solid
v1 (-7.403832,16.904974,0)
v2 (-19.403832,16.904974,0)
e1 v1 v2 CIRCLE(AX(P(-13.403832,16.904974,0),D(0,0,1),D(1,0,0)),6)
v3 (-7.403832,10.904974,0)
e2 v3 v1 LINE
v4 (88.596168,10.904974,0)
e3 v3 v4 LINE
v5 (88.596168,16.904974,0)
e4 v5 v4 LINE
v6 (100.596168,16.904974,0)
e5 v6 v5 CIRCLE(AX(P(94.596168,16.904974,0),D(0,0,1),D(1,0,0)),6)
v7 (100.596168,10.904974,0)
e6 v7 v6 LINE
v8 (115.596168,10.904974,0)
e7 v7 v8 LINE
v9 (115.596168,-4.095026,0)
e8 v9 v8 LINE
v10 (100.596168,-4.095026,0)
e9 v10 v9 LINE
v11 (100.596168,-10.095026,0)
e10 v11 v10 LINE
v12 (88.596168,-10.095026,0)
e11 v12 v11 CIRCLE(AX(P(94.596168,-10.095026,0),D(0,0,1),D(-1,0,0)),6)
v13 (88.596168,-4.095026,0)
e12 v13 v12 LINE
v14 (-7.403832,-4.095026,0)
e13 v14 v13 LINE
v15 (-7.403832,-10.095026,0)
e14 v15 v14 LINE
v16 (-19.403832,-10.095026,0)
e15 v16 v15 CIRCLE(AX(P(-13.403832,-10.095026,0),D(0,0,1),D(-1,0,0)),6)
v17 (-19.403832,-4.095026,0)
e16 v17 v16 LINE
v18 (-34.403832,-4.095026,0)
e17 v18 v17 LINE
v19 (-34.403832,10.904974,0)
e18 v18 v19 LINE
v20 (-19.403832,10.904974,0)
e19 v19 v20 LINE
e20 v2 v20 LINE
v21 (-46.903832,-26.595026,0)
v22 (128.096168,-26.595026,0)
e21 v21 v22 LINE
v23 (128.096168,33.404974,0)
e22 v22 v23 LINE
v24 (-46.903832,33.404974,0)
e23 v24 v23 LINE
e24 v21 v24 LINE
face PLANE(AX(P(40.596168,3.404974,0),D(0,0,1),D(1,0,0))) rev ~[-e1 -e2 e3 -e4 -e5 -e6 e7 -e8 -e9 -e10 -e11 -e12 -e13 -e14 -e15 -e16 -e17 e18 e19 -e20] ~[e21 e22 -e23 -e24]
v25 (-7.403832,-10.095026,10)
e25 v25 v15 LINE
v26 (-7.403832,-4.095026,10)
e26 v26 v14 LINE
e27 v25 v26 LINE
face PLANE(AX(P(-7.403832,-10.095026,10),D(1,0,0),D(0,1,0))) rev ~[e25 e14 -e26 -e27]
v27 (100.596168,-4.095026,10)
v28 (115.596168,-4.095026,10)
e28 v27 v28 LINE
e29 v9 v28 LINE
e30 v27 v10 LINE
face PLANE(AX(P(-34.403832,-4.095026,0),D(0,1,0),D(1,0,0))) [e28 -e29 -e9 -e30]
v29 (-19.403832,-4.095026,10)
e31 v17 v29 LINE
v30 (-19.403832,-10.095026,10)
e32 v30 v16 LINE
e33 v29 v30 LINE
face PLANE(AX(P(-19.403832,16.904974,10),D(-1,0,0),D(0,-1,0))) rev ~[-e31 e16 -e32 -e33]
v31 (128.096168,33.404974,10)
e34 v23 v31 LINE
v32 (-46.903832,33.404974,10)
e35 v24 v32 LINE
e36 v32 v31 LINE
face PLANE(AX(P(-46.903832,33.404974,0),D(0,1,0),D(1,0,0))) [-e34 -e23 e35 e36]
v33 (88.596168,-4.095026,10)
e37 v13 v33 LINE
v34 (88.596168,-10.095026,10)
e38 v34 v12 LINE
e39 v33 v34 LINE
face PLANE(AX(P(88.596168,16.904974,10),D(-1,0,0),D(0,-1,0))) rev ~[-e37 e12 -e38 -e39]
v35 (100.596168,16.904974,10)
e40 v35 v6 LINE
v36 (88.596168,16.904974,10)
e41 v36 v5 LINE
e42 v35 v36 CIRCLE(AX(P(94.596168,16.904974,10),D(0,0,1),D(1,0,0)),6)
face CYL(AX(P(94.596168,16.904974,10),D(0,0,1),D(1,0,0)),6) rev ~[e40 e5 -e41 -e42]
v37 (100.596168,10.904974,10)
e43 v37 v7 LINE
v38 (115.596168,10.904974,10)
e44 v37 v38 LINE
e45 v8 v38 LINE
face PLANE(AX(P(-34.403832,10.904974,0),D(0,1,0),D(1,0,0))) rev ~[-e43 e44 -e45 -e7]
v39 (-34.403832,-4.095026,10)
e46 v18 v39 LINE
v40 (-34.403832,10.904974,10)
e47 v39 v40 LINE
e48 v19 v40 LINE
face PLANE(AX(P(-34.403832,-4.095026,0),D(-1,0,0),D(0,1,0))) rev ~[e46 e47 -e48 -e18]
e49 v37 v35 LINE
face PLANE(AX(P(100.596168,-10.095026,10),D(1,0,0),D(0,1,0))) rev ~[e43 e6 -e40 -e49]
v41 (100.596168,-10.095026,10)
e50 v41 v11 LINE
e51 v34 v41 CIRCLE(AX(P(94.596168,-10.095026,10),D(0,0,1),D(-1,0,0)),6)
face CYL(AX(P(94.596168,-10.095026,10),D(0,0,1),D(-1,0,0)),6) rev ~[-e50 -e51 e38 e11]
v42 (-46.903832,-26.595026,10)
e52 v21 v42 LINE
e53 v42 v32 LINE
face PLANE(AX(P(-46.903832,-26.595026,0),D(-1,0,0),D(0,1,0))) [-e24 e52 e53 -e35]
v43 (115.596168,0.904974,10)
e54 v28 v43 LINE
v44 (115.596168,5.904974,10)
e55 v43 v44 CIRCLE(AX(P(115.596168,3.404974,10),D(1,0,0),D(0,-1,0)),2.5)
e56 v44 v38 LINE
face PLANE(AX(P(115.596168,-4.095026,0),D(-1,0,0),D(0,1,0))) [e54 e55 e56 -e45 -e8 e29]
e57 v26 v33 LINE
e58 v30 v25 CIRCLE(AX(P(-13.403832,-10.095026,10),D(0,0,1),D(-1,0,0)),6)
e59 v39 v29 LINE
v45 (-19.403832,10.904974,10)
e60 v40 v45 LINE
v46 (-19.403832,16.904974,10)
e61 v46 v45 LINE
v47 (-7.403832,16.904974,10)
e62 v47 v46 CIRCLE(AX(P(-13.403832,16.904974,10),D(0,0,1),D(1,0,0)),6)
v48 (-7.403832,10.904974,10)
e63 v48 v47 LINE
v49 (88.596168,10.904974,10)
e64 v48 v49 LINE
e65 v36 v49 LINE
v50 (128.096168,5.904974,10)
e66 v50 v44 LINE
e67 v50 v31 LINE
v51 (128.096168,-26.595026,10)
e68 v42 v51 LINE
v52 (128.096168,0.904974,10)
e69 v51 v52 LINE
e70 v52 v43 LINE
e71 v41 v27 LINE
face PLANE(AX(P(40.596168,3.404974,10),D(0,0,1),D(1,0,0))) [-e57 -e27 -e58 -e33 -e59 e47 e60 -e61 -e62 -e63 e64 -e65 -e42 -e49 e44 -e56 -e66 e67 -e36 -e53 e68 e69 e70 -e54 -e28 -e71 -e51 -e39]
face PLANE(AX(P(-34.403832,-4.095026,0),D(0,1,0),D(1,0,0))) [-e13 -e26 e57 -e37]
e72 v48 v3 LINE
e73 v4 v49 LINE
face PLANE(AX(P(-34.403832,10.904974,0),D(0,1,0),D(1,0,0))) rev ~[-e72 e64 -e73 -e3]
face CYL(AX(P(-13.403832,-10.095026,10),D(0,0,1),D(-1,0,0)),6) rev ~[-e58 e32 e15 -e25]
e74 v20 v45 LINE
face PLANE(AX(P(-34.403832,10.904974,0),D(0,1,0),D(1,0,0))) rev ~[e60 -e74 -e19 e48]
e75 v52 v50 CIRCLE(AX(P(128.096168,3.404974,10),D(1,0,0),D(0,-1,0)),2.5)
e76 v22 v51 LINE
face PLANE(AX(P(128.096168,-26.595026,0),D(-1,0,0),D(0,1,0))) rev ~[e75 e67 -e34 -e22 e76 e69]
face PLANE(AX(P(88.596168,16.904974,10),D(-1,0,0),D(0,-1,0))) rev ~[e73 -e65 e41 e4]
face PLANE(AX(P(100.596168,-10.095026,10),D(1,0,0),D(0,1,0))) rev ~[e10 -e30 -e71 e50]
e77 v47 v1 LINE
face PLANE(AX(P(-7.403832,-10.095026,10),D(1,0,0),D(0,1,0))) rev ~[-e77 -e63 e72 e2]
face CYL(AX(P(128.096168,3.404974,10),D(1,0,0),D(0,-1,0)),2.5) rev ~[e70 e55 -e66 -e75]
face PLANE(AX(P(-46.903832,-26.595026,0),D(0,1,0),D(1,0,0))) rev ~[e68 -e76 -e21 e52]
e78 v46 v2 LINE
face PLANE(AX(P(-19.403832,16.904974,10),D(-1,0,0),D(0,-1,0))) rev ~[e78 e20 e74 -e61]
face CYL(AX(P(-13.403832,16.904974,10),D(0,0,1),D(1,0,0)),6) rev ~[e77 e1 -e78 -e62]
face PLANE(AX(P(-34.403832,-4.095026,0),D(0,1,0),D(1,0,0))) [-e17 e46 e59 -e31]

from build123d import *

# Parameters (mm, degrees)
F0_W     = 175
F0_H     = 60
F0_W_2   = 150
F0_H_2   = 15
F1_DEPTH = 10
F3_DEPTH = 25
F5_DEPTH = 25


with BuildPart() as f1:
    # F0 (on Top) → F1 (new body)
    with BuildSketch(Plane.XY):
        with Locations((40.5961677884, 3.4049740061)):
            Rectangle(F0_W, F0_H)
        with Locations((40.5961677884, 3.4049740061)):
            Rectangle(F0_W_2, F0_H_2, mode=Mode.SUBTRACT)
    extrude(amount=F1_DEPTH)

    # F2 (on face) → F3 (cut)
    with BuildSketch(Plane.YZ.offset(128.0961677884)):
        with BuildLine():
            ThreePointArc((0.9049740061, 10), (3.4049740061, 7.5), (5.9049740061, 10))
            Line((5.9049740061, 10), (0.9049740061, 10))
        make_face()
    extrude(amount=-F3_DEPTH, mode=Mode.SUBTRACT)

    # F4 (on face) → F5 (cut)
    with BuildSketch(Plane.XY.offset(10)):
        with BuildLine():
            Line((-7.4038322116, 16.9049740061), (-19.4038322116, 16.9049740061))
            ThreePointArc((-19.4038322116, 16.9049740061), (-17.6464728987, 12.662333319), (-13.4038322116, 10.9049740061))
            ThreePointArc((-13.4038322116, 10.9049740061), (-9.1611915245, 12.662333319), (-7.4038322116, 16.9049740061))
        make_face()
        Polygon((-13.4038322116, 10.9049740061), (-19.4038322116, 10.9049740061), (-19.4038322116, -4.0950259939), (-13.4038321289, -4.0950259939), (-7.4038322116, -4.0950259939), (-7.4038322116, 10.9049740061), align=None)
        with BuildLine():
            ThreePointArc((-7.4038322116, 16.9049740061), (-13.4038322116, 22.9049740061), (-19.4038322116, 16.9049740061))
            Line((-19.4038322116, 16.9049740061), (-7.4038322116, 16.9049740061))
        make_face()
        with BuildLine():
            Line((-7.4038322116, 10.9049740061), (-7.4038322116, 16.9049740061))
            ThreePointArc((-7.4038322116, 16.9049740061), (-9.1611915245, 12.662333319), (-13.4038322116, 10.9049740061))
            Line((-13.4038322116, 10.9049740061), (-7.4038322116, 10.9049740061))
        make_face()
        with BuildLine():
            ThreePointArc((-13.4038322116, 10.9049740061), (-17.6464728987, 12.662333319), (-19.4038322116, 16.9049740061))
            Line((-19.4038322116, 16.9049740061), (-19.4038322116, 10.9049740061))
            Line((-19.4038322116, 10.9049740061), (-13.4038322116, 10.9049740061))
        make_face()
        with BuildLine():
            ThreePointArc((-13.4038321289, -4.0950259939), (-17.6464728695, -5.8523852775), (-19.4038322116, -10.0950259939))
            Line((-19.4038322116, -10.0950259939), (-7.4038322116, -10.0950259939))
            ThreePointArc((-7.4038322116, -10.0950259939), (-9.1611914952, -5.852385336), (-13.4038321289, -4.0950259939))
        make_face()
        with BuildLine():
            Line((-13.4038321289, -4.0950259939), (-19.4038322116, -4.0950259939))
            Line((-19.4038322116, -4.0950259939), (-19.4038322116, -10.0950259939))
            ThreePointArc((-19.4038322116, -10.0950259939), (-17.6464728695, -5.8523852775), (-13.4038321289, -4.0950259939))
        make_face()
        with BuildLine():
            Line((-7.4038322116, -10.0950259939), (-7.4038322116, -4.0950259939))
            Line((-7.4038322116, -4.0950259939), (-13.4038321289, -4.0950259939))
            ThreePointArc((-13.4038321289, -4.0950259939), (-9.1611914952, -5.852385336), (-7.4038322116, -10.0950259939))
        make_face()
        with BuildLine():
            Line((-7.4038322116, -10.0950259939), (-19.4038322116, -10.0950259939))
            ThreePointArc((-19.4038322116, -10.0950259939), (-13.4038322116, -16.0950259939), (-7.4038322116, -10.0950259939))
        make_face()
        with BuildLine():
            Line((100.5961677884, -10.0950259939), (88.5961677884, -10.0950259939))
            ThreePointArc((88.5961677884, -10.0950259939), (94.5961677884, -16.0950259939), (100.5961677884, -10.0950259939))
        make_face()
        with BuildLine():
            ThreePointArc((94.5961677884, -4.0950259939), (90.3535271013, -5.8523853068), (88.5961677884, -10.0950259939))
            Line((88.5961677884, -10.0950259939), (100.5961677884, -10.0950259939))
            ThreePointArc((100.5961677884, -10.0950259939), (98.8388084755, -5.8523853068), (94.5961677884, -4.0950259939))
        make_face()
        Polygon((94.5961677884, 10.9049740061), (88.5961677884, 10.9049740061), (88.5961677884, -4.0950259939), (94.5961677884, -4.0950259939), (100.5961677884, -4.0950259939), (100.5961677884, 10.9049740061), align=None)
        with BuildLine():
            Line((100.5961677884, 16.9049740061), (88.5961677884, 16.9049740061))
            ThreePointArc((88.5961677884, 16.9049740061), (90.3535271013, 12.662333319), (94.5961677884, 10.9049740061))
            ThreePointArc((94.5961677884, 10.9049740061), (98.8388084755, 12.662333319), (100.5961677884, 16.9049740061))
        make_face()
        with BuildLine():
            ThreePointArc((100.5961677884, 16.9049740061), (94.5961677884, 22.9049740061), (88.5961677884, 16.9049740061))
            Line((88.5961677884, 16.9049740061), (100.5961677884, 16.9049740061))
        make_face()
        with BuildLine():
            ThreePointArc((100.5961677884, 16.9049740061), (98.8388084755, 12.662333319), (94.5961677884, 10.9049740061))
            Line((94.5961677884, 10.9049740061), (100.5961677884, 10.9049740061))
            Line((100.5961677884, 10.9049740061), (100.5961677884, 16.9049740061))
        make_face()
        with BuildLine():
            Line((88.5961677884, 16.9049740061), (88.5961677884, 10.9049740061))
            Line((88.5961677884, 10.9049740061), (94.5961677884, 10.9049740061))
            ThreePointArc((94.5961677884, 10.9049740061), (90.3535271013, 12.662333319), (88.5961677884, 16.9049740061))
        make_face()
        with BuildLine():
            Line((94.5961677884, -4.0950259939), (88.5961677884, -4.0950259939))
            Line((88.5961677884, -4.0950259939), (88.5961677884, -10.0950259939))
            ThreePointArc((88.5961677884, -10.0950259939), (90.3535271013, -5.8523853068), (94.5961677884, -4.0950259939))
        make_face()
        with BuildLine():
            Line((100.5961677884, -4.0950259939), (94.5961677884, -4.0950259939))
            ThreePointArc((94.5961677884, -4.0950259939), (98.8388084755, -5.8523853068), (100.5961677884, -10.0950259939))
            Line((100.5961677884, -10.0950259939), (100.5961677884, -4.0950259939))
        make_face()
    extrude(amount=-F5_DEPTH, mode=Mode.SUBTRACT)


solid = f1.part
